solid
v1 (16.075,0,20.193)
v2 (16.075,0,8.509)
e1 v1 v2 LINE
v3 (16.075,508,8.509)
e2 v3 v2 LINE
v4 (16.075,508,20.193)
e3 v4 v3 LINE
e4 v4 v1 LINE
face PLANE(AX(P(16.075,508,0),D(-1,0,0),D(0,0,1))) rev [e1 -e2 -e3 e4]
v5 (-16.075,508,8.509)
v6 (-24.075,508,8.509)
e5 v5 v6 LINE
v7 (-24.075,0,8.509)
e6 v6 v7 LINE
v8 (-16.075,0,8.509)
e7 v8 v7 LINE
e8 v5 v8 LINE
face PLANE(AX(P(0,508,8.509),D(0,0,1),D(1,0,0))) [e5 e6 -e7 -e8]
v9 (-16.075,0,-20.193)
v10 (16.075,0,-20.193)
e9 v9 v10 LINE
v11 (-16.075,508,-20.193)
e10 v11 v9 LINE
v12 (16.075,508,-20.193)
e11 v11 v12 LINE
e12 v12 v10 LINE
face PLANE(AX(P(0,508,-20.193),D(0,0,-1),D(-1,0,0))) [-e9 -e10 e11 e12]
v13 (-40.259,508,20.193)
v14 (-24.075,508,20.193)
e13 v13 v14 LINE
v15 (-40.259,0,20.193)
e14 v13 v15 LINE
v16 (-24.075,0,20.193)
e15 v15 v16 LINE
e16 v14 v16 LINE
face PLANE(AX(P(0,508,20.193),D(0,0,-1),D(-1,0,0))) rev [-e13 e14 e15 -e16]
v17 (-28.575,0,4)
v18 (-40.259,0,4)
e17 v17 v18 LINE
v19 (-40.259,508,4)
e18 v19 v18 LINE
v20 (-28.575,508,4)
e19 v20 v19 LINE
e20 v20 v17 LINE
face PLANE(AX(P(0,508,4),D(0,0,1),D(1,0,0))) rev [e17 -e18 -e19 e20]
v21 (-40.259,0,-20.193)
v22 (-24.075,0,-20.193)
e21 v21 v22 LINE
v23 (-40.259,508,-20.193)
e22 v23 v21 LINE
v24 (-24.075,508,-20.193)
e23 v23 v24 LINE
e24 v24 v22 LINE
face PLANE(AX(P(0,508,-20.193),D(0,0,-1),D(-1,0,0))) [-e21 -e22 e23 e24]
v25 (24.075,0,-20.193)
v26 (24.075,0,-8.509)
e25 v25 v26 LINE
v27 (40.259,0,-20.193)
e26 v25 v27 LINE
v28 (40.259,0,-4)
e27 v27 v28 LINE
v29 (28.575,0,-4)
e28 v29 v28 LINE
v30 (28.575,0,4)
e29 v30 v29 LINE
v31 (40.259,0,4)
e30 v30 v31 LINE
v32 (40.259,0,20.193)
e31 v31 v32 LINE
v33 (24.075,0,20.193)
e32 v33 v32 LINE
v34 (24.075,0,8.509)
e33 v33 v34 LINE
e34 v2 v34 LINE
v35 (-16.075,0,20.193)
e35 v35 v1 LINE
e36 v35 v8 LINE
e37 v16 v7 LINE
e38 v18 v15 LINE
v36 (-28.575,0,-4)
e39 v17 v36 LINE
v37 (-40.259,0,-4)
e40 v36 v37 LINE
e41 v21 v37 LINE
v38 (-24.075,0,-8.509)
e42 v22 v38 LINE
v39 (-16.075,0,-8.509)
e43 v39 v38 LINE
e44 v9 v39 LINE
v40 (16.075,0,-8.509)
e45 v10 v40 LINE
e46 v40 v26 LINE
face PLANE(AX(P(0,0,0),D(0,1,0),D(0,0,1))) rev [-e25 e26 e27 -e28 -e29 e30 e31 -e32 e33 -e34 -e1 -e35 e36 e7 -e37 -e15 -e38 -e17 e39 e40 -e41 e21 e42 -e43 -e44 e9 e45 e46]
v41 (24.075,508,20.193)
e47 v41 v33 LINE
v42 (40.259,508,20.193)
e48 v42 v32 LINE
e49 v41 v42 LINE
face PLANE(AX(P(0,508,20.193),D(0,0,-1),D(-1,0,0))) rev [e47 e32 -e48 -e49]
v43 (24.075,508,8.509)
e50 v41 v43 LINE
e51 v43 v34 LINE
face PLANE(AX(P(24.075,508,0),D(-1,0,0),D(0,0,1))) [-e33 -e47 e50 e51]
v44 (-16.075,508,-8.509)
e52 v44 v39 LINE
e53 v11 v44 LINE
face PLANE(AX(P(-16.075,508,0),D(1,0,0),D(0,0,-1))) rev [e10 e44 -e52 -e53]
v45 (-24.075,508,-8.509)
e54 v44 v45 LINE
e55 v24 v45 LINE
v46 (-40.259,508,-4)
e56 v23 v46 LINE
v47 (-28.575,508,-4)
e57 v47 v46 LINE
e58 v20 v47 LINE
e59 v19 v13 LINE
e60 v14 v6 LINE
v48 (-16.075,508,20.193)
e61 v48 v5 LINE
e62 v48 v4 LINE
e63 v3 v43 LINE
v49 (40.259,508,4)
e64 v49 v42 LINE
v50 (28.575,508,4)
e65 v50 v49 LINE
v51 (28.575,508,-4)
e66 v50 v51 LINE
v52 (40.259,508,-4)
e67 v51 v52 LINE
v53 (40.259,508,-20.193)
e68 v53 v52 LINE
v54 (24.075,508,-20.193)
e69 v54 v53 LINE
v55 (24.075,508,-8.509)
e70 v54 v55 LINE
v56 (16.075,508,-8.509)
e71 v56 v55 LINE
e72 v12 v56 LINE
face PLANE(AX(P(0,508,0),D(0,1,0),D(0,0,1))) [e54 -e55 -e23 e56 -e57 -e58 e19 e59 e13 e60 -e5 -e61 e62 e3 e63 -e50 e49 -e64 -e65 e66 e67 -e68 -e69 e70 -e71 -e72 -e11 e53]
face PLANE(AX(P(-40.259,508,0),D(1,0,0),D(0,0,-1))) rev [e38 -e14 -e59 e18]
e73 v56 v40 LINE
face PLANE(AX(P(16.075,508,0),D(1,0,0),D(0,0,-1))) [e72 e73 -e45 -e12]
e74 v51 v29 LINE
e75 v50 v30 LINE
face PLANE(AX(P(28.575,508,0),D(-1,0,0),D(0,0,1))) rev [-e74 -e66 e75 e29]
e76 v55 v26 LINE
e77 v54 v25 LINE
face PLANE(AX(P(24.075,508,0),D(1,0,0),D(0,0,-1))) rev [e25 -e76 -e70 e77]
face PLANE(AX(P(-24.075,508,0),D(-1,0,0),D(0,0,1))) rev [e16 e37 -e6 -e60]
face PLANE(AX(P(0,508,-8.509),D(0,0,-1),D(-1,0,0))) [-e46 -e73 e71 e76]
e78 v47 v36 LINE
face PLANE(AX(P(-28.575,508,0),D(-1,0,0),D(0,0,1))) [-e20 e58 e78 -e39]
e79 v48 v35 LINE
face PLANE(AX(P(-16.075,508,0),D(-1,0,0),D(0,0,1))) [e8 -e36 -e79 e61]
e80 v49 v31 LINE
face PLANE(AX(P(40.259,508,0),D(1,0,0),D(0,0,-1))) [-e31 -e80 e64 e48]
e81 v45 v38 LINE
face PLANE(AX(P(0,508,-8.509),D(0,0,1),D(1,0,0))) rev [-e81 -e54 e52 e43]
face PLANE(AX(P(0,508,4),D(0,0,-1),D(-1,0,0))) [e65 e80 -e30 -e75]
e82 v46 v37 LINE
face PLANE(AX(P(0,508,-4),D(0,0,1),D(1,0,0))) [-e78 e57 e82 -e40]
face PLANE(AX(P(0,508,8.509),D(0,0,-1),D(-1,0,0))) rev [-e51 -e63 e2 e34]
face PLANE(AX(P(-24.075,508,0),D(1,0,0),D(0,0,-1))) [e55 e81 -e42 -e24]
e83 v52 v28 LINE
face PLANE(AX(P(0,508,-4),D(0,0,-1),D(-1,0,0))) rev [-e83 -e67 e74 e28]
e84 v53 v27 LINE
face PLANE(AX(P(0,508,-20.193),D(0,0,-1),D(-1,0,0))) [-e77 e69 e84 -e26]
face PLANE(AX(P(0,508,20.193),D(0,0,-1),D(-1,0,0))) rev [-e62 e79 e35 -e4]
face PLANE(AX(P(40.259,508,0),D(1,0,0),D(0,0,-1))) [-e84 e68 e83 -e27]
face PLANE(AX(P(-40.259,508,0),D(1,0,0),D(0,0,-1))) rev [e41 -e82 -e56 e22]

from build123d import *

# Parameters (mm, degrees)
BOSS_EXTRUDE1_DEPTH = 508


with BuildPart() as part:
    # Sketch1 → Boss-Extrude1 (new body)
    with BuildSketch(Plane(origin=(0, 0, 0), x_dir=(1, 0, 0), z_dir=(0, 1, 0))):
        Polygon((-24.075, 20.193), (-40.259, 20.193), (-40.259, 4), (-28.575, 4), (-28.575, -4), (-40.259, -4), (-40.259, -20.193), (-24.075, -20.193), (-24.075, -8.509), (-16.075, -8.509), (-16.075, -20.193), (16.075, -20.193), (16.075, -8.509), (24.075, -8.509), (24.075, -20.193), (40.259, -20.193), (40.259, -4), (28.575, -4), (28.575, 4), (40.259, 4), (40.259, 20.193), (24.075, 20.193), (24.075, 8.509), (16.075, 8.509), (16.075, 20.193), (-16.075, 20.193), (-16.075, 8.509), (-24.075, 8.509), align=None)
    extrude(amount=BOSS_EXTRUDE1_DEPTH)


solid = part.part
